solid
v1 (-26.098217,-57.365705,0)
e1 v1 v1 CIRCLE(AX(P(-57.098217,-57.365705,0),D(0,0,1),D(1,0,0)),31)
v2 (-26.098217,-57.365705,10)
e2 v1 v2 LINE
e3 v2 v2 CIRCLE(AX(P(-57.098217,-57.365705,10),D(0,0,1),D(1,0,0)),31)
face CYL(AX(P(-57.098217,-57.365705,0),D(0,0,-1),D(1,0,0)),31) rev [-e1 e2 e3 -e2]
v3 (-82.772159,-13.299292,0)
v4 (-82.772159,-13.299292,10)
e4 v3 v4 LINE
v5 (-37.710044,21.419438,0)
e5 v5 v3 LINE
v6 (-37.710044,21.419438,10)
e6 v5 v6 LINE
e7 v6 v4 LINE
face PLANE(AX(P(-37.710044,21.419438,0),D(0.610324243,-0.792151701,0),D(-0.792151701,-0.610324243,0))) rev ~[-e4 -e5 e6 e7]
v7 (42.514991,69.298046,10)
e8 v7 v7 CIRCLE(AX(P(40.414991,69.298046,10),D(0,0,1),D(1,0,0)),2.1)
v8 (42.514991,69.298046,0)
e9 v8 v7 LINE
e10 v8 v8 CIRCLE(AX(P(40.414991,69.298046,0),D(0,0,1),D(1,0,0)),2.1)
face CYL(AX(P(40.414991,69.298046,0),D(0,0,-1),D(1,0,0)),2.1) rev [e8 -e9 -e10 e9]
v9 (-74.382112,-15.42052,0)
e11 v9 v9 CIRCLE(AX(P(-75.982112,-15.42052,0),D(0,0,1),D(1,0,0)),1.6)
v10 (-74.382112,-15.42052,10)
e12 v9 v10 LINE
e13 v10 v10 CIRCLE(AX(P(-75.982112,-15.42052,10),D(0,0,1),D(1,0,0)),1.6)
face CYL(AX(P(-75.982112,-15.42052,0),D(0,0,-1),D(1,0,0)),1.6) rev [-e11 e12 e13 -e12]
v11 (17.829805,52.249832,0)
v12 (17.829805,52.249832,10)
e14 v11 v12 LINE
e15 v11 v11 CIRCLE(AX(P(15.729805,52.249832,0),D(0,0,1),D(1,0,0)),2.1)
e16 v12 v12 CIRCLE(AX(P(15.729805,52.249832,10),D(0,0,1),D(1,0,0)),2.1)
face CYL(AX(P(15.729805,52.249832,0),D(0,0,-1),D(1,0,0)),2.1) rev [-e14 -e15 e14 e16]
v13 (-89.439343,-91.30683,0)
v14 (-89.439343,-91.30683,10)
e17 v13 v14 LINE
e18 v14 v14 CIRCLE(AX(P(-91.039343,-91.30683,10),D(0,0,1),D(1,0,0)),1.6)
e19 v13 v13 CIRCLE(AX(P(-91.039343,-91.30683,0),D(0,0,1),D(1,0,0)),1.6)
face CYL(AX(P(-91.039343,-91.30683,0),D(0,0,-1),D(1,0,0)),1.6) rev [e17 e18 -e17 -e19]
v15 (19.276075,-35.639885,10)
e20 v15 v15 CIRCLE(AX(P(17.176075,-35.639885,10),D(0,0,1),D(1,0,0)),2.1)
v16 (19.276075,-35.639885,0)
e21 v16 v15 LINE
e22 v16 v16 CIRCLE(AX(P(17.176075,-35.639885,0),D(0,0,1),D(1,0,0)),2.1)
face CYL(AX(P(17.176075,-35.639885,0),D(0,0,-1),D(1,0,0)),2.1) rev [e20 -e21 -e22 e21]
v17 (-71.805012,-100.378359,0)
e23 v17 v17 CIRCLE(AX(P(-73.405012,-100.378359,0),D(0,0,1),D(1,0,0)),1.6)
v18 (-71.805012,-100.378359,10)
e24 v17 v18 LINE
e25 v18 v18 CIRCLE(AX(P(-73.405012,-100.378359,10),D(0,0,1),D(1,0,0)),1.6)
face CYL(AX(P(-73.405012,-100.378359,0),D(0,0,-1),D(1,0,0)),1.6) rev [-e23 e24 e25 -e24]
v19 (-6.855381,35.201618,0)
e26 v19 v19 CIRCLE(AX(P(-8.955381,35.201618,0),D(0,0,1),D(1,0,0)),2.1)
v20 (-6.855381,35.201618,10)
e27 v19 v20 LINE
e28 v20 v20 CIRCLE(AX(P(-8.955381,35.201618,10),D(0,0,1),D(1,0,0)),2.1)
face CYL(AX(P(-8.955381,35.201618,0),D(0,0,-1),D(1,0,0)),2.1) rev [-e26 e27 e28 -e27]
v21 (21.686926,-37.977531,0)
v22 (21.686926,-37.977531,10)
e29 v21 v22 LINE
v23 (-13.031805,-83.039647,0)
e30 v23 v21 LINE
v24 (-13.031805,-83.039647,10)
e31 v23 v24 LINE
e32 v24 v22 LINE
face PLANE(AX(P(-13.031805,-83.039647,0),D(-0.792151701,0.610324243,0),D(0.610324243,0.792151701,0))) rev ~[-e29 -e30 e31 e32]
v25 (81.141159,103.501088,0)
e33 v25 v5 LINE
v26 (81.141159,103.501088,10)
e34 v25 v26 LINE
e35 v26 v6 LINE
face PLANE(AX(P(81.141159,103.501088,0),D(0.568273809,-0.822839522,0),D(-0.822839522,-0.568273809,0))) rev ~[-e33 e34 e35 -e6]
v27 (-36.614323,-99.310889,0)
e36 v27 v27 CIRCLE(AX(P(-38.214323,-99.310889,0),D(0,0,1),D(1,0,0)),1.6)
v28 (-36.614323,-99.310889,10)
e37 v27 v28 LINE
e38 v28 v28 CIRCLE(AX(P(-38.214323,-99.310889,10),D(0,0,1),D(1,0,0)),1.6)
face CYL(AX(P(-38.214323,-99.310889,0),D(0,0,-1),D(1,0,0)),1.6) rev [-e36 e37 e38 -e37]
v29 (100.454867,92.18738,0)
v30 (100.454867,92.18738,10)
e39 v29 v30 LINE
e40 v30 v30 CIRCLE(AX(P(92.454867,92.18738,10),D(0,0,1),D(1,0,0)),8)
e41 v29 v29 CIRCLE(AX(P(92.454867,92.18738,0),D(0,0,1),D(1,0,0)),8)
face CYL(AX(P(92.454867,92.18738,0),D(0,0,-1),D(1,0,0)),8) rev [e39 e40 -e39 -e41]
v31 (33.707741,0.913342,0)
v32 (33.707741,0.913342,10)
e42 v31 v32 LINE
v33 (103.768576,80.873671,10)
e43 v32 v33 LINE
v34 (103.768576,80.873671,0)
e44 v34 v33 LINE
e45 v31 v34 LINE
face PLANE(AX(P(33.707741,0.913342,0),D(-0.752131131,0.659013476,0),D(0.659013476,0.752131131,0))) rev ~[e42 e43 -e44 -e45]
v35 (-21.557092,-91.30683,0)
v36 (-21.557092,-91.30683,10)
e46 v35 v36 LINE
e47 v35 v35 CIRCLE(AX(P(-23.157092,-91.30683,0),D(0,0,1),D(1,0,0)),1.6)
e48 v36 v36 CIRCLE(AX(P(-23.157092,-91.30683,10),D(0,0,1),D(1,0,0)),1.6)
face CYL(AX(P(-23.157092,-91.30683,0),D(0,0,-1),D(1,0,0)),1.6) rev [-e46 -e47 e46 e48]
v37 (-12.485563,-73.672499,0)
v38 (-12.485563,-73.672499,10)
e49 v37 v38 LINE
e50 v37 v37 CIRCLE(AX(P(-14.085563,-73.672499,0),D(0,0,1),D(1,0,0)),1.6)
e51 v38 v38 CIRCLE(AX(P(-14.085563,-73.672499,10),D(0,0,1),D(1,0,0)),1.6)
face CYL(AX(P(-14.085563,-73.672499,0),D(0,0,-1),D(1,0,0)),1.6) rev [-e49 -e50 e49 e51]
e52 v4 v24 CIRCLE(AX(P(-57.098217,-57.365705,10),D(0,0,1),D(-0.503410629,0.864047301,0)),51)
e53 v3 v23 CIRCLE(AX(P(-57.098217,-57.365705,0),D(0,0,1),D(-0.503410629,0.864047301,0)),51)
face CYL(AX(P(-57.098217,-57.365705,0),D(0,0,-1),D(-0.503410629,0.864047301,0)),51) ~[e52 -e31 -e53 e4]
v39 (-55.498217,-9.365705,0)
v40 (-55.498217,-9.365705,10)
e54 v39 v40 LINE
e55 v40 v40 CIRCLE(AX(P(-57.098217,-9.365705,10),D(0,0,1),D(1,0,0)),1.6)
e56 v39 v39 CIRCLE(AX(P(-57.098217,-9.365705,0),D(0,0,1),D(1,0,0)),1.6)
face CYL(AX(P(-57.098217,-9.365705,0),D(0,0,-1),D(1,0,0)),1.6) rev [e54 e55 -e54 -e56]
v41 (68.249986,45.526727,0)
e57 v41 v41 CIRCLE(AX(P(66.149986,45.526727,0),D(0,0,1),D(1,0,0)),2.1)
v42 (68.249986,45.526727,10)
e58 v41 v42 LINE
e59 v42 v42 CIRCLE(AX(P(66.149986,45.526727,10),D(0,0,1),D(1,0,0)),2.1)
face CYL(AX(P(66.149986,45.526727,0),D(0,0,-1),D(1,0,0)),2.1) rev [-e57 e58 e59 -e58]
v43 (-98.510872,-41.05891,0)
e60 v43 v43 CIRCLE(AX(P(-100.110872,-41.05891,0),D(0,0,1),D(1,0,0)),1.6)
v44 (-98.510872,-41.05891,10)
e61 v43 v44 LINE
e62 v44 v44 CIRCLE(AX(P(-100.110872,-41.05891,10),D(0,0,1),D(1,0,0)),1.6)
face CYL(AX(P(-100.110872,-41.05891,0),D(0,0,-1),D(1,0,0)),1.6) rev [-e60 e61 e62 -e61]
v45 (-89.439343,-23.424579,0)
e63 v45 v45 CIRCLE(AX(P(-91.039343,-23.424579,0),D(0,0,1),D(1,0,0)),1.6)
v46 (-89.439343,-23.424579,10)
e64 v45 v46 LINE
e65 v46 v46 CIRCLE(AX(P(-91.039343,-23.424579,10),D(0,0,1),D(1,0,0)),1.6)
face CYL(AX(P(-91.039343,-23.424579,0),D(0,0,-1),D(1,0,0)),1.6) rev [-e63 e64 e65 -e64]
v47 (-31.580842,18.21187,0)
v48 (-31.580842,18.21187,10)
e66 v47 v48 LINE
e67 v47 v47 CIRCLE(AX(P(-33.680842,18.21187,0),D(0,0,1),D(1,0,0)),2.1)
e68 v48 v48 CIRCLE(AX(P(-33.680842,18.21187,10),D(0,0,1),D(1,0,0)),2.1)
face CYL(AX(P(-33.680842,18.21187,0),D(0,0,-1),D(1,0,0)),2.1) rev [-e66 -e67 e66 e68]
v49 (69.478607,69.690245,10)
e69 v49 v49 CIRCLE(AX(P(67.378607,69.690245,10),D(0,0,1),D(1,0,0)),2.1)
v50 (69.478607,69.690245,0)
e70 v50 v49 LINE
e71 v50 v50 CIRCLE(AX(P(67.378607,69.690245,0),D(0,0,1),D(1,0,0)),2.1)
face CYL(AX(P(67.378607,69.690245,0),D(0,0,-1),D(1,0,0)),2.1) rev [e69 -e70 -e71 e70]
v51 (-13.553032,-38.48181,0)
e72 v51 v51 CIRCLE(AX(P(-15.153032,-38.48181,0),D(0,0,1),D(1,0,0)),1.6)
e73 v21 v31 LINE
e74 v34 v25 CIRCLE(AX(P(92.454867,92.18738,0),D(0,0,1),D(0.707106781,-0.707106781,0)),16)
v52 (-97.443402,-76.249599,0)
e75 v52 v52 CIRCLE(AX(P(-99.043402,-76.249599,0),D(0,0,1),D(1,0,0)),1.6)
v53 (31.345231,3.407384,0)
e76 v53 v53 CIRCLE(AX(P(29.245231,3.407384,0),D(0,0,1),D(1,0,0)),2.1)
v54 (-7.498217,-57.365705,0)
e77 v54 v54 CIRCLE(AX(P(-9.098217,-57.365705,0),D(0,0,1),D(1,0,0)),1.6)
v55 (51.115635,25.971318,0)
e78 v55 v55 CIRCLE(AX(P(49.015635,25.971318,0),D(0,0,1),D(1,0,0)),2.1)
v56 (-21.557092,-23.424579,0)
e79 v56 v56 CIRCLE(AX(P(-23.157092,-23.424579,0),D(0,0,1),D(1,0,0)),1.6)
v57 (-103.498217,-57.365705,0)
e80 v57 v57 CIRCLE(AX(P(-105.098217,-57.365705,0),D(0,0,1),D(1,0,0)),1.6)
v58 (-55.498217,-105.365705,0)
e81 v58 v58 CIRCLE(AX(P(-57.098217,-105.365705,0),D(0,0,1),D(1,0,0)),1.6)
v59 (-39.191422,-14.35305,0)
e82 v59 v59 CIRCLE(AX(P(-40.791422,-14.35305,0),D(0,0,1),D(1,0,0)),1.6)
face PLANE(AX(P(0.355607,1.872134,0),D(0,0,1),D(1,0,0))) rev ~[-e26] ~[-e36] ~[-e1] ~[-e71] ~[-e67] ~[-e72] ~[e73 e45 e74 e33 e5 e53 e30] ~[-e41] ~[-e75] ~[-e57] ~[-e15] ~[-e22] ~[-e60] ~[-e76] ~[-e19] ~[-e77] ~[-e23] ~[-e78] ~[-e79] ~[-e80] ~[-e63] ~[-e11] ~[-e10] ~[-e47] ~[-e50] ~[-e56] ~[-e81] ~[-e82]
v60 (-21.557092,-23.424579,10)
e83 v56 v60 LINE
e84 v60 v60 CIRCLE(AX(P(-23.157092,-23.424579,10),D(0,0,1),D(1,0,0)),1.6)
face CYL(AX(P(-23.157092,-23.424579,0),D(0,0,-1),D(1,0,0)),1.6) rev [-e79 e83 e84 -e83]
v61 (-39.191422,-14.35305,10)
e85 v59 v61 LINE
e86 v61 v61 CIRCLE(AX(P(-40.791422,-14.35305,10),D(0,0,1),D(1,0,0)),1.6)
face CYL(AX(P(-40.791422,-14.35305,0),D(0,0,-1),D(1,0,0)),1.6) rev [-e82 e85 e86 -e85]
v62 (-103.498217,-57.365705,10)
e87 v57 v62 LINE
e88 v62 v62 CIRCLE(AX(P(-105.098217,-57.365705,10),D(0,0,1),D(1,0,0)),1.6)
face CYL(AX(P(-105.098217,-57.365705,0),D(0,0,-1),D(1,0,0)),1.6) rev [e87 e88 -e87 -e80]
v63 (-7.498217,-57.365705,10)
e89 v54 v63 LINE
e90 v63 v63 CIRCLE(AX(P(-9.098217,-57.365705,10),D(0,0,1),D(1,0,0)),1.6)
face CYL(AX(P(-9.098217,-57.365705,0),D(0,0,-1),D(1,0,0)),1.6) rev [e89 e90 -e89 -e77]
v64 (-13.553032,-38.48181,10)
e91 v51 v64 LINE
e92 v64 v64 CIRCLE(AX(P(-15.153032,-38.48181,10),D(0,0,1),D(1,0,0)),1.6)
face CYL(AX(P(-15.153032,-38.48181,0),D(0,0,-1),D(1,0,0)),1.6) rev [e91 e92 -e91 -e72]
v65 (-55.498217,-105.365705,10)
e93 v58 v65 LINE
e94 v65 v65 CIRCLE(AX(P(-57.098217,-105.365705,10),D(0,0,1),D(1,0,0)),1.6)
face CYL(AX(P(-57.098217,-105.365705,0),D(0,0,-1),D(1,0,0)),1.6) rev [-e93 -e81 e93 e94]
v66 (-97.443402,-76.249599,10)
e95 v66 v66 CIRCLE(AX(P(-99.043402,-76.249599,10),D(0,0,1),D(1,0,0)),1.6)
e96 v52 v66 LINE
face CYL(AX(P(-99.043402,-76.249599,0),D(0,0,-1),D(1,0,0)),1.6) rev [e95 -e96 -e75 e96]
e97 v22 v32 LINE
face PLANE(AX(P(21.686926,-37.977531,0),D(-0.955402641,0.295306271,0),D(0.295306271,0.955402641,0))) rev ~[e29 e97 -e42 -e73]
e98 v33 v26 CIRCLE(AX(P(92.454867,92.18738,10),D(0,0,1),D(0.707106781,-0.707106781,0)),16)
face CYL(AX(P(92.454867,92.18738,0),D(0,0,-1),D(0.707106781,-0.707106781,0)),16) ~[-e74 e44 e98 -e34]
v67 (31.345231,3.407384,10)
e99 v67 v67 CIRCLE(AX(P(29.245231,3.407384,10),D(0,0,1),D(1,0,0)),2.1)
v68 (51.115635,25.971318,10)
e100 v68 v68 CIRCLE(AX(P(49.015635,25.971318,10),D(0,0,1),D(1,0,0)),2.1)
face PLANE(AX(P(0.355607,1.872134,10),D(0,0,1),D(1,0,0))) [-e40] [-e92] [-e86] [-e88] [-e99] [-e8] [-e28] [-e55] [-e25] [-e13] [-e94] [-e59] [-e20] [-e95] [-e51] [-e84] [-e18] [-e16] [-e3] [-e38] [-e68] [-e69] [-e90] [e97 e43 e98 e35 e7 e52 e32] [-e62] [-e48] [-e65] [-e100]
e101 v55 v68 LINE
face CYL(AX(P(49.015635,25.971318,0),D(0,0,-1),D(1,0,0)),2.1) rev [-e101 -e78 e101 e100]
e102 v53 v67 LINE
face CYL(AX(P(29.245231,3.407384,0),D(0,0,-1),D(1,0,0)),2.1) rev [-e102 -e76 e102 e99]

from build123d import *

# Parameters (mm, degrees)
SKETCH_2_R      = 2.1
SKETCH_2_R_2    = 1.6
SKETCH_2_R_3    = 8
SKETCH_2_R_4    = 31
EXTRUDE_1_DEPTH = 10


with BuildPart() as part:
    # 草图2 → 凸台-拉伸1 (new body)
    with BuildSketch(Plane.XY):
        with BuildLine():
            Line((81.141158551, 103.50108814), (-37.710043915, 21.419438295))
            Line((-37.710043915, 21.419438295), (-82.77215927, -13.299292234))
            ThreePointArc((-82.77215927, -13.299292234), (-93.160663011, -93.428150421), (-13.031804825, -83.03964668))
            Line((-13.031804825, -83.03964668), (21.686925704, -37.977531325))
            Line((21.686925704, -37.977531325), (33.707740984, 0.91334164))
            Line((33.707740984, 0.91334164), (103.768575549, 80.873671142))
            ThreePointArc((103.768575549, 80.873671142), (103.768575549, 103.50108814), (81.141158551, 103.50108814))
        make_face()
        with Locations((17.176075274, -35.63988511)):
            Circle(SKETCH_2_R, mode=Mode.SUBTRACT)
        with Locations((67.37860693, 69.690245447)):
            Circle(SKETCH_2_R, mode=Mode.SUBTRACT)
        with Locations((40.414990788, 69.298046443)):
            Circle(SKETCH_2_R, mode=Mode.SUBTRACT)
        with Locations((15.729805139, 52.249832182)):
            Circle(SKETCH_2_R, mode=Mode.SUBTRACT)
        with Locations((-8.95538051, 35.201617921)):
            Circle(SKETCH_2_R, mode=Mode.SUBTRACT)
        with Locations((29.24523113, 3.407383835)):
            Circle(SKETCH_2_R, mode=Mode.SUBTRACT)
        with Locations((49.015635424, 25.971317758)):
            Circle(SKETCH_2_R, mode=Mode.SUBTRACT)
        with Locations((66.149985812, 45.526727158)):
            Circle(SKETCH_2_R, mode=Mode.SUBTRACT)
        with Locations((-33.680842426, 18.211870041)):
            Circle(SKETCH_2_R, mode=Mode.SUBTRACT)
        with Locations((-105.098217171, -57.36570458)):
            Circle(SKETCH_2_R_2, mode=Mode.SUBTRACT)
        with Locations((-91.039342668, -23.424579083)):
            Circle(SKETCH_2_R_2, mode=Mode.SUBTRACT)
        with Locations((-57.098217171, -9.36570458)):
            Circle(SKETCH_2_R_2, mode=Mode.SUBTRACT)
        with Locations((-23.157091674, -23.424579083)):
            Circle(SKETCH_2_R_2, mode=Mode.SUBTRACT)
        with Locations((-9.098217171, -57.36570458)):
            Circle(SKETCH_2_R_2, mode=Mode.SUBTRACT)
        with Locations((-23.157091674, -91.306830077)):
            Circle(SKETCH_2_R_2, mode=Mode.SUBTRACT)
        with Locations((-57.098217171, -105.36570458)):
            Circle(SKETCH_2_R_2, mode=Mode.SUBTRACT)
        with Locations((-91.039342668, -91.306830077)):
            Circle(SKETCH_2_R_2, mode=Mode.SUBTRACT)
        with Locations((92.45486705, 92.187379641)):
            Circle(SKETCH_2_R_3, mode=Mode.SUBTRACT)
        with Locations((-100.110871654, -41.058909852)):
            Circle(SKETCH_2_R_2, mode=Mode.SUBTRACT)
        with Locations((-73.405011899, -100.378359063)):
            Circle(SKETCH_2_R_2, mode=Mode.SUBTRACT)
        with Locations((-14.085562688, -73.672499309)):
            Circle(SKETCH_2_R_2, mode=Mode.SUBTRACT)
        with Locations((-57.098217171, -57.36570458)):
            Circle(SKETCH_2_R_4, mode=Mode.SUBTRACT)
        with Locations((-15.153032377, -38.48181005)):
            Circle(SKETCH_2_R_2, mode=Mode.SUBTRACT)
        with Locations((-38.214322641, -99.310889374)):
            Circle(SKETCH_2_R_2, mode=Mode.SUBTRACT)
        with Locations((-99.043401964, -76.24959911)):
            Circle(SKETCH_2_R_2, mode=Mode.SUBTRACT)
        with Locations((-75.982111701, -15.420519787)):
            Circle(SKETCH_2_R_2, mode=Mode.SUBTRACT)
        with Locations((-40.791422442, -14.353050097)):
            Circle(SKETCH_2_R_2, mode=Mode.SUBTRACT)
    extrude(amount=EXTRUDE_1_DEPTH)


solid = part.part
